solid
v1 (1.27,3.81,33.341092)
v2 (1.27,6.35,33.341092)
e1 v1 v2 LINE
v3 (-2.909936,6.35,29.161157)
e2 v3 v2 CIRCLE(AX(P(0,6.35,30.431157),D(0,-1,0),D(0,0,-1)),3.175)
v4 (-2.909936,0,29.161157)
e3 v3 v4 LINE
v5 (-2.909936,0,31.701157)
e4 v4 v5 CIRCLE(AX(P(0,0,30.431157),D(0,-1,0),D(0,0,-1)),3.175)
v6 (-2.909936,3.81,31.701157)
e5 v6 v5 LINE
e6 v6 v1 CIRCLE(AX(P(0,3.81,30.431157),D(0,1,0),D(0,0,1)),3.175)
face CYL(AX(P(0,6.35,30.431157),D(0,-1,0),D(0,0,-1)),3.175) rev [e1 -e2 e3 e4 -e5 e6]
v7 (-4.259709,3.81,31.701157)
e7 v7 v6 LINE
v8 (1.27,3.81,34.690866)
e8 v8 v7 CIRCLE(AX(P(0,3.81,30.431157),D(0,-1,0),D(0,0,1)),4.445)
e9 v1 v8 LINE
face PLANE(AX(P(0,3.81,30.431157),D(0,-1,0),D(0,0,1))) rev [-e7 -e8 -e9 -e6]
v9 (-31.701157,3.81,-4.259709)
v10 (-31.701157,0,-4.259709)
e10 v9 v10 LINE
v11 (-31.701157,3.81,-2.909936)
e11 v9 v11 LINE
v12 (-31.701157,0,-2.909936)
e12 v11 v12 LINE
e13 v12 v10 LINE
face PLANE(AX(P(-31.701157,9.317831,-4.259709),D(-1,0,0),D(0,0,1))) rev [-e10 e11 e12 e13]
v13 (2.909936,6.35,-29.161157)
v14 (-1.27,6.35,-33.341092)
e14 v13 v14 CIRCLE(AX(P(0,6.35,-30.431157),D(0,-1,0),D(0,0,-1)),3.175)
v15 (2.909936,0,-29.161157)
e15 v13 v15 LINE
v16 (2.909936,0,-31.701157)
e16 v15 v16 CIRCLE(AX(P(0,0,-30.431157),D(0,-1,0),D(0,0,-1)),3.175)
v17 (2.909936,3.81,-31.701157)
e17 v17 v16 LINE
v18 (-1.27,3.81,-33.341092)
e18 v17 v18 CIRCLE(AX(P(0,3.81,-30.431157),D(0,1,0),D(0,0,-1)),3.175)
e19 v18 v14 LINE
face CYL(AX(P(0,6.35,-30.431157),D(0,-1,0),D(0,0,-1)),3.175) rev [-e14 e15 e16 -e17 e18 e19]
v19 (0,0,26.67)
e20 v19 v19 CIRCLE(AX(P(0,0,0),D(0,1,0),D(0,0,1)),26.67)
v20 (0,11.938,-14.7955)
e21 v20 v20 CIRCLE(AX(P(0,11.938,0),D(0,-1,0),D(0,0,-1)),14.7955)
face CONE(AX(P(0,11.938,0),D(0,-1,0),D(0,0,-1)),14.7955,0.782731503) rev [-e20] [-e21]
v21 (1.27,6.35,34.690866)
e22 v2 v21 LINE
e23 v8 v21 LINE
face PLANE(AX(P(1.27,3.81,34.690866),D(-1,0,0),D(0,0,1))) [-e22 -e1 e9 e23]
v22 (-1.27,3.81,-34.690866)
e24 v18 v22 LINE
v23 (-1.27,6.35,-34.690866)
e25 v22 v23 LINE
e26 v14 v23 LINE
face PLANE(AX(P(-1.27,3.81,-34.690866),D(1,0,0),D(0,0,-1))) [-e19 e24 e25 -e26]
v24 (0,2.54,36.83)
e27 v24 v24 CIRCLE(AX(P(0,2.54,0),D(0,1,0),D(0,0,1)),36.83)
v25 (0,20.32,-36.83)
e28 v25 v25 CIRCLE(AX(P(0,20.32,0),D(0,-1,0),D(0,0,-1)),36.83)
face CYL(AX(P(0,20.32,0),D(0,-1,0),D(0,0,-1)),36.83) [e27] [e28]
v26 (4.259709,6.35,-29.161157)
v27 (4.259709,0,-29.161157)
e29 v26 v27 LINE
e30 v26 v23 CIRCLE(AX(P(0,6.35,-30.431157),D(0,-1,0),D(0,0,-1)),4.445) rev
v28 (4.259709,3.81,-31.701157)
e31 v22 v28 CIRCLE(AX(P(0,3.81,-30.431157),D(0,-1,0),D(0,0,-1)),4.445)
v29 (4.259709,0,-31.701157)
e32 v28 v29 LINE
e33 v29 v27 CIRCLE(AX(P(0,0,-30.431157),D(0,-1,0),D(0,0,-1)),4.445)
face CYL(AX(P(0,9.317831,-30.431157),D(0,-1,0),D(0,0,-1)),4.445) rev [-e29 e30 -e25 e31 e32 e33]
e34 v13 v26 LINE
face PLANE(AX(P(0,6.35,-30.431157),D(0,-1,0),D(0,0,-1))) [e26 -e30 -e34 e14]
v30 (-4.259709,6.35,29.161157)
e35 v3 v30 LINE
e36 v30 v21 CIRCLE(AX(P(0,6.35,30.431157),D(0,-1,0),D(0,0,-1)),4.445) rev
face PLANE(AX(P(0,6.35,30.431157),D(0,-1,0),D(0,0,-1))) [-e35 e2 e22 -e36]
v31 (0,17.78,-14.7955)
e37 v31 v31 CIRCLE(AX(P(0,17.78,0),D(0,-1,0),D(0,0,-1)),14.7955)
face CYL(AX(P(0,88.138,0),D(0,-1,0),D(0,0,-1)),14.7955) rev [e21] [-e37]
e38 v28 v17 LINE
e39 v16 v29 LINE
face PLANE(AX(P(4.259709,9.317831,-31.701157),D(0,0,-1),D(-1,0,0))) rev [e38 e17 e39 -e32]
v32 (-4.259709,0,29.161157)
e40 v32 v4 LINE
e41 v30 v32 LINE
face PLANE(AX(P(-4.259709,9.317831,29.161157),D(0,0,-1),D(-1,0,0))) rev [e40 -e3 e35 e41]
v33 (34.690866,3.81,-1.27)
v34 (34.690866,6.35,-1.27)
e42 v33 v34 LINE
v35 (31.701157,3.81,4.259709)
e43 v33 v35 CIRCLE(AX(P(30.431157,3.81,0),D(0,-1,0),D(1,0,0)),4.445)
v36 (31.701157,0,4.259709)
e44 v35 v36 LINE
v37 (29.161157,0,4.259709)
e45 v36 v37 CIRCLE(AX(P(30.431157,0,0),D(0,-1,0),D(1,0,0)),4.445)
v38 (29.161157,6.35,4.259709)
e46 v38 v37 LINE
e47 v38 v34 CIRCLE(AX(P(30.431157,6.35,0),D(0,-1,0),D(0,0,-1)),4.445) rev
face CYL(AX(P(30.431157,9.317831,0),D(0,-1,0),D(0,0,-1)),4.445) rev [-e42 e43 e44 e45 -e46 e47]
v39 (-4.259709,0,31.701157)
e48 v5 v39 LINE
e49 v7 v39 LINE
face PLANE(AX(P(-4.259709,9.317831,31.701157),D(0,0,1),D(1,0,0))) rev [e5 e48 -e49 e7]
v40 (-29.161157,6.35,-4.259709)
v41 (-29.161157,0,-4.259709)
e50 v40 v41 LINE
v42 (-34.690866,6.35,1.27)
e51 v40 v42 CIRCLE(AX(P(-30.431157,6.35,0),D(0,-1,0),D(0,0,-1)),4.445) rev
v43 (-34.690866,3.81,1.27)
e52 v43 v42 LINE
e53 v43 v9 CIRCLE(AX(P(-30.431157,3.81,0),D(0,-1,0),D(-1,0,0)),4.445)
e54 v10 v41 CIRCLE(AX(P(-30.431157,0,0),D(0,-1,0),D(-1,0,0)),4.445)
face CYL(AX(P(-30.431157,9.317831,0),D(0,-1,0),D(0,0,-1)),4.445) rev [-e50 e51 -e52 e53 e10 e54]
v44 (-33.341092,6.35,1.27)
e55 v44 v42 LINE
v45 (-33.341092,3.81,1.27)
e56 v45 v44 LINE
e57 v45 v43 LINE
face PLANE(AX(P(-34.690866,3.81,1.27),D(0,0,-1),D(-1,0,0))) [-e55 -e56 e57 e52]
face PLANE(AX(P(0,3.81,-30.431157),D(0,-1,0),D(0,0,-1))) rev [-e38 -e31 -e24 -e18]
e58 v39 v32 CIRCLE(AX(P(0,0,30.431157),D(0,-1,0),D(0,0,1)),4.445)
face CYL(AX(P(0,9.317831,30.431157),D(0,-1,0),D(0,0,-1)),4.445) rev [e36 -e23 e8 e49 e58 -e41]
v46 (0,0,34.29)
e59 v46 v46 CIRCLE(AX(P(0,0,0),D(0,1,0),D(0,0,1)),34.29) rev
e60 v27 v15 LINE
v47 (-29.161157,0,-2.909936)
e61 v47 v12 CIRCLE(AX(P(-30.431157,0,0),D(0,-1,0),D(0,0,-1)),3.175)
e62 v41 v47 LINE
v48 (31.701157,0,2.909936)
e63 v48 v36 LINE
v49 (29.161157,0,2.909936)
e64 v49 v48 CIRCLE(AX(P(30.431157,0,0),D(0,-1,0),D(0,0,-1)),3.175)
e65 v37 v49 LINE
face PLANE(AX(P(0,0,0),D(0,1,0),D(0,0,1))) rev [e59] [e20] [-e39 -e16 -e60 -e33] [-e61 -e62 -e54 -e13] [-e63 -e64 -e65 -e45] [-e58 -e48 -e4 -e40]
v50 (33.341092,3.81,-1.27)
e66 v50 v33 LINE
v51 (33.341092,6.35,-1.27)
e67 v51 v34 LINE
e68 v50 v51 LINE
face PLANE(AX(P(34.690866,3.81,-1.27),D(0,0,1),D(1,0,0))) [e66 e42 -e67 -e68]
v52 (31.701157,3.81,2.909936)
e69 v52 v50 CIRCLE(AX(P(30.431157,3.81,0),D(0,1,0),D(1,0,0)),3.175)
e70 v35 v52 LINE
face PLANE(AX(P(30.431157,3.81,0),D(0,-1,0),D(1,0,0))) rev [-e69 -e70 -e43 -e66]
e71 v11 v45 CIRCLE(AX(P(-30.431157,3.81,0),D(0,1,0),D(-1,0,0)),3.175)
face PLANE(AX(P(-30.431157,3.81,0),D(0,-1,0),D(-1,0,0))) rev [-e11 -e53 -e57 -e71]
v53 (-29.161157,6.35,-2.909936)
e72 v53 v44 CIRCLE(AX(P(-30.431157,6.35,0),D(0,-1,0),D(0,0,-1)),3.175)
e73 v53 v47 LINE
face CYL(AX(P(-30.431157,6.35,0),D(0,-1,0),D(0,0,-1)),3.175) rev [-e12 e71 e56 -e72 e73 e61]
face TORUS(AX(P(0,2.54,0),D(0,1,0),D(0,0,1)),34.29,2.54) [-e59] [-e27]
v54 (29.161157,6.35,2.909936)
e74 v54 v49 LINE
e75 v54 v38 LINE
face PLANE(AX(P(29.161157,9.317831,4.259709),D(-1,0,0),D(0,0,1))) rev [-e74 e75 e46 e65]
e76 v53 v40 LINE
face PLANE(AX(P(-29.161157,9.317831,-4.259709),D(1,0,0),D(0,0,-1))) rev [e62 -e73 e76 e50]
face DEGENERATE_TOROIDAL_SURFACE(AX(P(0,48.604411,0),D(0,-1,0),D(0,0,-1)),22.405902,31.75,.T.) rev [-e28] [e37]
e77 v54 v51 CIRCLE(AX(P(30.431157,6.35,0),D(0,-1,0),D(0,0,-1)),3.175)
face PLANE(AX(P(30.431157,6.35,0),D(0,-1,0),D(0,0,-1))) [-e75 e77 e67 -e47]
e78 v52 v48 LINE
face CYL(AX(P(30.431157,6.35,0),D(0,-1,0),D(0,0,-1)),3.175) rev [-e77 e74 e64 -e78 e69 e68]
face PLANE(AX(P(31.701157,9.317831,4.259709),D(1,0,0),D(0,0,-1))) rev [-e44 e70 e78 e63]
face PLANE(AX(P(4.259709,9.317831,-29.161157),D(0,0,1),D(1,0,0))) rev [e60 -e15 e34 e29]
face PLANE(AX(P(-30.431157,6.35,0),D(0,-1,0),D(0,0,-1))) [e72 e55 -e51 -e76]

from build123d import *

# Parameters (mm, degrees)
SKETCH1_R           = 36.83
BOSS_EXTRUDE1_DEPTH = 20.32
FILLET1_R           = 2.54
SKETCH2_R           = 26.67
SKETCH3_R           = 14.7955
SKETCH4_R           = 14.7955
CUT_EXTRUDE1_DEPTH  = 76.2
SKETCH18_R          = 3.175
CUT_EXTRUDE2_DEPTH  = 6.35
CUT_EXTRUDE3_DEPTH  = 6.35
CUT_EXTRUDE4_START  = 2.54
CUT_EXTRUDE4_DEPTH  = 2.54
CIRPATTERN1_COUNT   = 4


with BuildPart() as part:
    # Sketch1 → Boss-Extrude1 (new body)
    with BuildSketch(Plane(origin=(0, 0, 0), x_dir=(1, 0, 0), z_dir=(0, 1, 0))):
        with Locations(Location((0, 0, 0), (0, 0, 270))):
            Circle(SKETCH1_R)
    extrude(amount=BOSS_EXTRUDE1_DEPTH)

    # Fillet1
    fillet1_edges = [part.edges().sort_by_distance(p)[0] for p in [
        (0, 0, -36.83),
    ]]
    fillet(fillet1_edges, radius=FILLET1_R)

    # Sketch2 → Cut-Loft1 section 0
    with BuildSketch(Plane(origin=(0, 0, 0), x_dir=(1, 0, 0), z_dir=(0, 1, 0))):
        Circle(SKETCH2_R)
    # Sketch3 → Cut-Loft1 section 1
    with BuildSketch(Plane(origin=(0, 11.938, 0), x_dir=(1, 0, 0), z_dir=(0, 1, 0))):
        Circle(SKETCH3_R)
    loft(mode=Mode.SUBTRACT)

    # Sketch4 → Cut-Extrude1 (cut)
    with BuildSketch(Plane.XZ.offset(-11.938)):
        with Locations(Location((0, 0, 0), (0, 0, 270))):
            Circle(SKETCH4_R)
    extrude(amount=-CUT_EXTRUDE1_DEPTH, mode=Mode.SUBTRACT)

    # Sketch17 → Cut-Revolve1 (revolve, cut)
    with BuildSketch(Plane(origin=(0, 0, 0), x_dir=(0, 0, -1), z_dir=(1, 0, 0))):
        with BuildLine():
            Line((36.83, 20.32), (14.7955, 20.32))
            Line((14.7955, 20.32), (14.7955, 17.78))
            ThreePointArc((14.7955, 17.78), (26.041766832, 17.063278986), (36.83, 20.32))
        make_face()
    revolve(axis=Axis((0, 0, 0), (0, 1, 0)), mode=Mode.SUBTRACT)

    # Sketch18 → Cut-Extrude2 (cut)
    with BuildSketch(Plane.XZ):
        with Locations(Location((0, 30.431156816, 0), (0, 0, 270))):
            Circle(SKETCH18_R)
        with Locations(Location((-30.431156816, 0, 0), (0, 0, 270))):
            Circle(SKETCH18_R)
        with Locations(Location((0, -30.431156816, 0), (0, 0, 270))):
            Circle(SKETCH18_R)
        with Locations(Location((30.431156816, 0, 0), (0, 0, 270))):
            Circle(SKETCH18_R)
    extrude(amount=-CUT_EXTRUDE2_DEPTH, mode=Mode.SUBTRACT)

    # Sketch19 → Cut-Extrude3 (cut)
    with BuildSketch(Plane.XZ):
        with BuildLine():
            Line((4.259709497, -31.701156816), (2.909935566, -31.701156816))
            ThreePointArc((2.909935566, -31.701156816), (3.175, -30.431156816), (2.909935566, -29.161156816))
            Line((2.909935566, -29.161156816), (4.259709497, -29.161156816))
            ThreePointArc((4.259709497, -29.161156816), (4.445, -30.431156816), (4.259709497, -31.701156816))
        make_face()
    cut_extrude3 = extrude(amount=-CUT_EXTRUDE3_DEPTH, mode=Mode.SUBTRACT)

    # Sketch20 → Cut-Extrude4 (cut)
    with BuildSketch(Plane.XZ.offset(-6.35).offset(CUT_EXTRUDE4_START)):
        with BuildLine():
            Line((-1.27, -34.690866313), (-1.27, -33.341092382))
            ThreePointArc((-1.27, -33.341092382), (1.15960956, -33.3868176), (2.909935566, -31.701156816))
            Line((2.909935566, -31.701156816), (4.259709497, -31.701156816))
            ThreePointArc((4.259709497, -31.701156816), (2.114043859, -34.341251899), (-1.27, -34.690866313))
        make_face()
    cut_extrude4 = extrude(amount=-CUT_EXTRUDE4_DEPTH, mode=Mode.SUBTRACT)

    # CirPattern1: Cut-Extrude3, Cut-Extrude4 ×4 about axis
    cirpattern1_axis = Axis((0, 0, 0), (0, 1, 0))
    add([cut_extrude3.rotate(cirpattern1_axis, i * 360 / CIRPATTERN1_COUNT) for i in range(1, CIRPATTERN1_COUNT)], mode=Mode.SUBTRACT)
    add([cut_extrude4.rotate(cirpattern1_axis, i * 360 / CIRPATTERN1_COUNT) for i in range(1, CIRPATTERN1_COUNT)], mode=Mode.SUBTRACT)


solid = part.part
